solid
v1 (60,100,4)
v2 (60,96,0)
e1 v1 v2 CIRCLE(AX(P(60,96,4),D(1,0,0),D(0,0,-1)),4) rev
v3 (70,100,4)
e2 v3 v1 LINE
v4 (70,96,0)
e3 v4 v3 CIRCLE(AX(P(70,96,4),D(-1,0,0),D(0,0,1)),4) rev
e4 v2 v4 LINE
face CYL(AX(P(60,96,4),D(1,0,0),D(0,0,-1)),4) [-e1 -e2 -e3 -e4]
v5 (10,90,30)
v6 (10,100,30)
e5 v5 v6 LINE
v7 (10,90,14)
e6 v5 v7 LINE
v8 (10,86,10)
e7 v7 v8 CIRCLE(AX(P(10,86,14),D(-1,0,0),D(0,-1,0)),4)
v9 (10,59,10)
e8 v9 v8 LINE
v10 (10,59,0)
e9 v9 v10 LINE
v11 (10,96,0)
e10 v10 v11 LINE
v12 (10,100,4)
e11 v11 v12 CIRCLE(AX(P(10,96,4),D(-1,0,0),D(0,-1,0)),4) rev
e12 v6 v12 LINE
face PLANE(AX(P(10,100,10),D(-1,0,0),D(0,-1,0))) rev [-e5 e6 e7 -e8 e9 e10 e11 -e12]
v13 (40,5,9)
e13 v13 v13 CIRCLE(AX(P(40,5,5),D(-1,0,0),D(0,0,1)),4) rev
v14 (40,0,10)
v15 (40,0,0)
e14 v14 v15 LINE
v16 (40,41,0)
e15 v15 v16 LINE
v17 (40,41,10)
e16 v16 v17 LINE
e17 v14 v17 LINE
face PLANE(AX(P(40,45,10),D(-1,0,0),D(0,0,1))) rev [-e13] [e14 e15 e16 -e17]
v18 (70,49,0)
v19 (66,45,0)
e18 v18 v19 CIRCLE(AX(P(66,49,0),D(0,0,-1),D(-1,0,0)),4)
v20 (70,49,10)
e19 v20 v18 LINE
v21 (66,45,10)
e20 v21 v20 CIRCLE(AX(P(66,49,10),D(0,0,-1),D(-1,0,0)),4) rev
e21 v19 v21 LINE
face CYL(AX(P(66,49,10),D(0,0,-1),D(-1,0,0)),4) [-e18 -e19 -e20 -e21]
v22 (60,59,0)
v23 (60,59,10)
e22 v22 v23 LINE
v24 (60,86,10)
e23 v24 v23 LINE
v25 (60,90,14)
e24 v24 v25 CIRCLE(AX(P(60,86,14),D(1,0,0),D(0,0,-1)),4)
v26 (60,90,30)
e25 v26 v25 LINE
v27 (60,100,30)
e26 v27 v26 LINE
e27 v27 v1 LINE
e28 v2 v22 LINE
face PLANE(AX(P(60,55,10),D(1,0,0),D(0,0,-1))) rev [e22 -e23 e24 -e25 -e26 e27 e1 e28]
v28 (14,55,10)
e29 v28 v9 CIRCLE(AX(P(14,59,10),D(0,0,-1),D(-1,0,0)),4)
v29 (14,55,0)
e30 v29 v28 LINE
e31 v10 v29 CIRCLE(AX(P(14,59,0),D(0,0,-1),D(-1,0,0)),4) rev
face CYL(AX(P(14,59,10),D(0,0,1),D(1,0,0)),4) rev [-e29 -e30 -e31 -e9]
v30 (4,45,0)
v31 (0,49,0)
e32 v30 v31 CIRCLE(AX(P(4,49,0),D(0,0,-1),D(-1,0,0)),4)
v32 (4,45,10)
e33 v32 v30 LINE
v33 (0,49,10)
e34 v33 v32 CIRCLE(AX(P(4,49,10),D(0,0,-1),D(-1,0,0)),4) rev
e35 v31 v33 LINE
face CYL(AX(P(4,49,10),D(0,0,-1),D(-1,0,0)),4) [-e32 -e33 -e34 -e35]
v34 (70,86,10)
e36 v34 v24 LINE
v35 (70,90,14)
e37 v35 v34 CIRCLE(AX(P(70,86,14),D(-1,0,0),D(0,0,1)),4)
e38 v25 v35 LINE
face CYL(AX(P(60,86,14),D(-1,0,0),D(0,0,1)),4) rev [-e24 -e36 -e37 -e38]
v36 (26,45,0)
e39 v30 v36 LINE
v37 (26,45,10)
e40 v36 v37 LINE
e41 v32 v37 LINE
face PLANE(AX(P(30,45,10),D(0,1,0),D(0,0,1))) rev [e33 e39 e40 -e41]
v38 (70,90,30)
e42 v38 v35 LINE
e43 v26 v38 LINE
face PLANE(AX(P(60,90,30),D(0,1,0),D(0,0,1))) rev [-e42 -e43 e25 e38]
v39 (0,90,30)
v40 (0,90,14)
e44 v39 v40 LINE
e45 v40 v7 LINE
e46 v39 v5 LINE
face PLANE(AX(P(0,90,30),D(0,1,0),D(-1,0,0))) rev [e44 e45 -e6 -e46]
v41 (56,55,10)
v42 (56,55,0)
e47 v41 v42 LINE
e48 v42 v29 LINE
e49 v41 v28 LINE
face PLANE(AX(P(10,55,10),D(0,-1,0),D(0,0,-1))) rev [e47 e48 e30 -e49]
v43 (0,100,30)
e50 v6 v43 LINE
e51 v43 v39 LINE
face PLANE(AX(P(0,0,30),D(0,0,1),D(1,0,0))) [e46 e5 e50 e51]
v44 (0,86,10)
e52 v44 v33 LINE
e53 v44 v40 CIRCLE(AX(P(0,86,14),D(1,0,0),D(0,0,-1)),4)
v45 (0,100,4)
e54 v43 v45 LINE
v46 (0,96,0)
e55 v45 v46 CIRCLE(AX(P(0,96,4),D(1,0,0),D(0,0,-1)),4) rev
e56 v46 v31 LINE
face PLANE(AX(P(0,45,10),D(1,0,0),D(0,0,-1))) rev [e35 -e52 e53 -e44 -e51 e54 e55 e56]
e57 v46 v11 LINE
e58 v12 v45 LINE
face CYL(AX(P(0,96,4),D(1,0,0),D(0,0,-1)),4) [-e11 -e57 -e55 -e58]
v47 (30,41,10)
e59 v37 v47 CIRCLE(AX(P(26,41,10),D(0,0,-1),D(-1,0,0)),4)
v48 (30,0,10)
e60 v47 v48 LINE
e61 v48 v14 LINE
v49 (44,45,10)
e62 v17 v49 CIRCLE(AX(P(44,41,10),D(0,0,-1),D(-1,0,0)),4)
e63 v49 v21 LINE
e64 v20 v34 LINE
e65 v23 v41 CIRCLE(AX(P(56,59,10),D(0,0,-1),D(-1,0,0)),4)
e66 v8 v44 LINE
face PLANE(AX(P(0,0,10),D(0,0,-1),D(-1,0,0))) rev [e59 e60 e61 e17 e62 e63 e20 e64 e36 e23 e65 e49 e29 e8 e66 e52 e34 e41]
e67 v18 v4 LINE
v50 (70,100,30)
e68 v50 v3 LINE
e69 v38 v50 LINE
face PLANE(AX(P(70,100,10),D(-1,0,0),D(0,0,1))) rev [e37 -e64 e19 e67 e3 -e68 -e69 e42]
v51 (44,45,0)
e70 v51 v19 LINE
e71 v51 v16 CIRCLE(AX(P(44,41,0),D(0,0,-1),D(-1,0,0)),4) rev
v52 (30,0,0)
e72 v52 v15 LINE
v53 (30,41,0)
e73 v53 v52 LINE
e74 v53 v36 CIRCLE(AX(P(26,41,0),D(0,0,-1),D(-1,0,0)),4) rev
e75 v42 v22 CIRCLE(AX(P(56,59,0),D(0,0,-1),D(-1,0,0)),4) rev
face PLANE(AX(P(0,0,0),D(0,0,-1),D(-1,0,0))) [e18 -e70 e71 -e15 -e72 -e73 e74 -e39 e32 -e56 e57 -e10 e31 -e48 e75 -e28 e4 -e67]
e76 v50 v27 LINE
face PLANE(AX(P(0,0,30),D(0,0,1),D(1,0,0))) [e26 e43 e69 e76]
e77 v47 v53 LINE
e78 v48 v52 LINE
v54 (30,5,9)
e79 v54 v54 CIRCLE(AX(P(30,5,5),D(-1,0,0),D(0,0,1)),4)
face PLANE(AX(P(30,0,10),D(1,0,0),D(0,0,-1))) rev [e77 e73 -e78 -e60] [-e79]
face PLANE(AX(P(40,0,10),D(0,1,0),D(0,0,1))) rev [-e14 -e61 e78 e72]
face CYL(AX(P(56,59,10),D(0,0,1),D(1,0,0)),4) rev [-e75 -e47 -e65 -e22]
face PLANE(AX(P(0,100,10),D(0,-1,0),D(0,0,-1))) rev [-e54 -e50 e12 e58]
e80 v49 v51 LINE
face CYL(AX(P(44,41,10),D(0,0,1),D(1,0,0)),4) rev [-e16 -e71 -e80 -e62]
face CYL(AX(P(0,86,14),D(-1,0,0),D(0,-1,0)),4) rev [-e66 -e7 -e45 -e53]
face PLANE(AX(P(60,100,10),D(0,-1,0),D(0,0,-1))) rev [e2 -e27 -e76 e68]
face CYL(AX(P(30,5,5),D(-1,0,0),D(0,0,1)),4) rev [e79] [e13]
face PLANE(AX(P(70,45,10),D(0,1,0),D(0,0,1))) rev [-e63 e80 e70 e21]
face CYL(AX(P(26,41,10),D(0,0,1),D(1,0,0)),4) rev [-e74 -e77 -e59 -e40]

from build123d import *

# Parameters (mm, degrees)
BOSS_EXTRU_1_DEPTH                = 10
ESQUISSE2_W                       = 10
ESQUISSE2_H                       = 10
BOSS_EXTRU_2_DEPTH                = 20
DIAM_TRE_DU_PER_AGE_8_0_8_1_D     = 8
DIAM_TRE_DU_PER_AGE_8_0_8_1_DEPTH = 10
DIAM_TRE_DU_PER_AGE_8_0_8_1_TIP   = 2.403442476
CONG_1_R                          = 4


with BuildPart() as part:
    # Esquisse1 → Boss.-Extru.1 (new body)
    with BuildSketch(Plane.XY):
        Polygon((30, 0), (30, 45), (0, 45), (0, 100), (10, 100), (10, 55), (60, 55), (60, 100), (70, 100), (70, 45), (40, 45), (40, 0), align=None)
    extrude(amount=BOSS_EXTRU_1_DEPTH)

    # Esquisse2 → Boss.-Extru.2 (add)
    with BuildSketch(Plane.XY.offset(10)):
        with Locations((5, 95)):
            Rectangle(ESQUISSE2_W, ESQUISSE2_H)
        with Locations((65, 95)):
            Rectangle(ESQUISSE2_W, ESQUISSE2_H)
    extrude(amount=BOSS_EXTRU_2_DEPTH)

    # Diamètre du perçage Ø8.0 (8)1
    with Locations(Plane.ZY.offset(-30)):
        with Locations((5, 5)):
            Hole(DIAM_TRE_DU_PER_AGE_8_0_8_1_D / 2, depth=DIAM_TRE_DU_PER_AGE_8_0_8_1_DEPTH)
            with Locations((0, 0, -(DIAM_TRE_DU_PER_AGE_8_0_8_1_DEPTH + DIAM_TRE_DU_PER_AGE_8_0_8_1_TIP / 2))):  # 118° drill point
                Cone(0, DIAM_TRE_DU_PER_AGE_8_0_8_1_D / 2, DIAM_TRE_DU_PER_AGE_8_0_8_1_TIP, mode=Mode.SUBTRACT)

    # Congé1
    cong_1_edges = [part.edges().sort_by_distance(p)[0] for p in [
        (5, 100, 0),
        (65, 100, 0),
        (70, 45, 5),
        (40, 45, 5),
        (30, 45, 5),
        (0, 45, 5),
        (10, 55, 5),
        (60, 55, 5),
        (5, 90, 10),
        (65, 90, 10),
    ]]
    fillet(cong_1_edges, radius=CONG_1_R)


solid = part.part
